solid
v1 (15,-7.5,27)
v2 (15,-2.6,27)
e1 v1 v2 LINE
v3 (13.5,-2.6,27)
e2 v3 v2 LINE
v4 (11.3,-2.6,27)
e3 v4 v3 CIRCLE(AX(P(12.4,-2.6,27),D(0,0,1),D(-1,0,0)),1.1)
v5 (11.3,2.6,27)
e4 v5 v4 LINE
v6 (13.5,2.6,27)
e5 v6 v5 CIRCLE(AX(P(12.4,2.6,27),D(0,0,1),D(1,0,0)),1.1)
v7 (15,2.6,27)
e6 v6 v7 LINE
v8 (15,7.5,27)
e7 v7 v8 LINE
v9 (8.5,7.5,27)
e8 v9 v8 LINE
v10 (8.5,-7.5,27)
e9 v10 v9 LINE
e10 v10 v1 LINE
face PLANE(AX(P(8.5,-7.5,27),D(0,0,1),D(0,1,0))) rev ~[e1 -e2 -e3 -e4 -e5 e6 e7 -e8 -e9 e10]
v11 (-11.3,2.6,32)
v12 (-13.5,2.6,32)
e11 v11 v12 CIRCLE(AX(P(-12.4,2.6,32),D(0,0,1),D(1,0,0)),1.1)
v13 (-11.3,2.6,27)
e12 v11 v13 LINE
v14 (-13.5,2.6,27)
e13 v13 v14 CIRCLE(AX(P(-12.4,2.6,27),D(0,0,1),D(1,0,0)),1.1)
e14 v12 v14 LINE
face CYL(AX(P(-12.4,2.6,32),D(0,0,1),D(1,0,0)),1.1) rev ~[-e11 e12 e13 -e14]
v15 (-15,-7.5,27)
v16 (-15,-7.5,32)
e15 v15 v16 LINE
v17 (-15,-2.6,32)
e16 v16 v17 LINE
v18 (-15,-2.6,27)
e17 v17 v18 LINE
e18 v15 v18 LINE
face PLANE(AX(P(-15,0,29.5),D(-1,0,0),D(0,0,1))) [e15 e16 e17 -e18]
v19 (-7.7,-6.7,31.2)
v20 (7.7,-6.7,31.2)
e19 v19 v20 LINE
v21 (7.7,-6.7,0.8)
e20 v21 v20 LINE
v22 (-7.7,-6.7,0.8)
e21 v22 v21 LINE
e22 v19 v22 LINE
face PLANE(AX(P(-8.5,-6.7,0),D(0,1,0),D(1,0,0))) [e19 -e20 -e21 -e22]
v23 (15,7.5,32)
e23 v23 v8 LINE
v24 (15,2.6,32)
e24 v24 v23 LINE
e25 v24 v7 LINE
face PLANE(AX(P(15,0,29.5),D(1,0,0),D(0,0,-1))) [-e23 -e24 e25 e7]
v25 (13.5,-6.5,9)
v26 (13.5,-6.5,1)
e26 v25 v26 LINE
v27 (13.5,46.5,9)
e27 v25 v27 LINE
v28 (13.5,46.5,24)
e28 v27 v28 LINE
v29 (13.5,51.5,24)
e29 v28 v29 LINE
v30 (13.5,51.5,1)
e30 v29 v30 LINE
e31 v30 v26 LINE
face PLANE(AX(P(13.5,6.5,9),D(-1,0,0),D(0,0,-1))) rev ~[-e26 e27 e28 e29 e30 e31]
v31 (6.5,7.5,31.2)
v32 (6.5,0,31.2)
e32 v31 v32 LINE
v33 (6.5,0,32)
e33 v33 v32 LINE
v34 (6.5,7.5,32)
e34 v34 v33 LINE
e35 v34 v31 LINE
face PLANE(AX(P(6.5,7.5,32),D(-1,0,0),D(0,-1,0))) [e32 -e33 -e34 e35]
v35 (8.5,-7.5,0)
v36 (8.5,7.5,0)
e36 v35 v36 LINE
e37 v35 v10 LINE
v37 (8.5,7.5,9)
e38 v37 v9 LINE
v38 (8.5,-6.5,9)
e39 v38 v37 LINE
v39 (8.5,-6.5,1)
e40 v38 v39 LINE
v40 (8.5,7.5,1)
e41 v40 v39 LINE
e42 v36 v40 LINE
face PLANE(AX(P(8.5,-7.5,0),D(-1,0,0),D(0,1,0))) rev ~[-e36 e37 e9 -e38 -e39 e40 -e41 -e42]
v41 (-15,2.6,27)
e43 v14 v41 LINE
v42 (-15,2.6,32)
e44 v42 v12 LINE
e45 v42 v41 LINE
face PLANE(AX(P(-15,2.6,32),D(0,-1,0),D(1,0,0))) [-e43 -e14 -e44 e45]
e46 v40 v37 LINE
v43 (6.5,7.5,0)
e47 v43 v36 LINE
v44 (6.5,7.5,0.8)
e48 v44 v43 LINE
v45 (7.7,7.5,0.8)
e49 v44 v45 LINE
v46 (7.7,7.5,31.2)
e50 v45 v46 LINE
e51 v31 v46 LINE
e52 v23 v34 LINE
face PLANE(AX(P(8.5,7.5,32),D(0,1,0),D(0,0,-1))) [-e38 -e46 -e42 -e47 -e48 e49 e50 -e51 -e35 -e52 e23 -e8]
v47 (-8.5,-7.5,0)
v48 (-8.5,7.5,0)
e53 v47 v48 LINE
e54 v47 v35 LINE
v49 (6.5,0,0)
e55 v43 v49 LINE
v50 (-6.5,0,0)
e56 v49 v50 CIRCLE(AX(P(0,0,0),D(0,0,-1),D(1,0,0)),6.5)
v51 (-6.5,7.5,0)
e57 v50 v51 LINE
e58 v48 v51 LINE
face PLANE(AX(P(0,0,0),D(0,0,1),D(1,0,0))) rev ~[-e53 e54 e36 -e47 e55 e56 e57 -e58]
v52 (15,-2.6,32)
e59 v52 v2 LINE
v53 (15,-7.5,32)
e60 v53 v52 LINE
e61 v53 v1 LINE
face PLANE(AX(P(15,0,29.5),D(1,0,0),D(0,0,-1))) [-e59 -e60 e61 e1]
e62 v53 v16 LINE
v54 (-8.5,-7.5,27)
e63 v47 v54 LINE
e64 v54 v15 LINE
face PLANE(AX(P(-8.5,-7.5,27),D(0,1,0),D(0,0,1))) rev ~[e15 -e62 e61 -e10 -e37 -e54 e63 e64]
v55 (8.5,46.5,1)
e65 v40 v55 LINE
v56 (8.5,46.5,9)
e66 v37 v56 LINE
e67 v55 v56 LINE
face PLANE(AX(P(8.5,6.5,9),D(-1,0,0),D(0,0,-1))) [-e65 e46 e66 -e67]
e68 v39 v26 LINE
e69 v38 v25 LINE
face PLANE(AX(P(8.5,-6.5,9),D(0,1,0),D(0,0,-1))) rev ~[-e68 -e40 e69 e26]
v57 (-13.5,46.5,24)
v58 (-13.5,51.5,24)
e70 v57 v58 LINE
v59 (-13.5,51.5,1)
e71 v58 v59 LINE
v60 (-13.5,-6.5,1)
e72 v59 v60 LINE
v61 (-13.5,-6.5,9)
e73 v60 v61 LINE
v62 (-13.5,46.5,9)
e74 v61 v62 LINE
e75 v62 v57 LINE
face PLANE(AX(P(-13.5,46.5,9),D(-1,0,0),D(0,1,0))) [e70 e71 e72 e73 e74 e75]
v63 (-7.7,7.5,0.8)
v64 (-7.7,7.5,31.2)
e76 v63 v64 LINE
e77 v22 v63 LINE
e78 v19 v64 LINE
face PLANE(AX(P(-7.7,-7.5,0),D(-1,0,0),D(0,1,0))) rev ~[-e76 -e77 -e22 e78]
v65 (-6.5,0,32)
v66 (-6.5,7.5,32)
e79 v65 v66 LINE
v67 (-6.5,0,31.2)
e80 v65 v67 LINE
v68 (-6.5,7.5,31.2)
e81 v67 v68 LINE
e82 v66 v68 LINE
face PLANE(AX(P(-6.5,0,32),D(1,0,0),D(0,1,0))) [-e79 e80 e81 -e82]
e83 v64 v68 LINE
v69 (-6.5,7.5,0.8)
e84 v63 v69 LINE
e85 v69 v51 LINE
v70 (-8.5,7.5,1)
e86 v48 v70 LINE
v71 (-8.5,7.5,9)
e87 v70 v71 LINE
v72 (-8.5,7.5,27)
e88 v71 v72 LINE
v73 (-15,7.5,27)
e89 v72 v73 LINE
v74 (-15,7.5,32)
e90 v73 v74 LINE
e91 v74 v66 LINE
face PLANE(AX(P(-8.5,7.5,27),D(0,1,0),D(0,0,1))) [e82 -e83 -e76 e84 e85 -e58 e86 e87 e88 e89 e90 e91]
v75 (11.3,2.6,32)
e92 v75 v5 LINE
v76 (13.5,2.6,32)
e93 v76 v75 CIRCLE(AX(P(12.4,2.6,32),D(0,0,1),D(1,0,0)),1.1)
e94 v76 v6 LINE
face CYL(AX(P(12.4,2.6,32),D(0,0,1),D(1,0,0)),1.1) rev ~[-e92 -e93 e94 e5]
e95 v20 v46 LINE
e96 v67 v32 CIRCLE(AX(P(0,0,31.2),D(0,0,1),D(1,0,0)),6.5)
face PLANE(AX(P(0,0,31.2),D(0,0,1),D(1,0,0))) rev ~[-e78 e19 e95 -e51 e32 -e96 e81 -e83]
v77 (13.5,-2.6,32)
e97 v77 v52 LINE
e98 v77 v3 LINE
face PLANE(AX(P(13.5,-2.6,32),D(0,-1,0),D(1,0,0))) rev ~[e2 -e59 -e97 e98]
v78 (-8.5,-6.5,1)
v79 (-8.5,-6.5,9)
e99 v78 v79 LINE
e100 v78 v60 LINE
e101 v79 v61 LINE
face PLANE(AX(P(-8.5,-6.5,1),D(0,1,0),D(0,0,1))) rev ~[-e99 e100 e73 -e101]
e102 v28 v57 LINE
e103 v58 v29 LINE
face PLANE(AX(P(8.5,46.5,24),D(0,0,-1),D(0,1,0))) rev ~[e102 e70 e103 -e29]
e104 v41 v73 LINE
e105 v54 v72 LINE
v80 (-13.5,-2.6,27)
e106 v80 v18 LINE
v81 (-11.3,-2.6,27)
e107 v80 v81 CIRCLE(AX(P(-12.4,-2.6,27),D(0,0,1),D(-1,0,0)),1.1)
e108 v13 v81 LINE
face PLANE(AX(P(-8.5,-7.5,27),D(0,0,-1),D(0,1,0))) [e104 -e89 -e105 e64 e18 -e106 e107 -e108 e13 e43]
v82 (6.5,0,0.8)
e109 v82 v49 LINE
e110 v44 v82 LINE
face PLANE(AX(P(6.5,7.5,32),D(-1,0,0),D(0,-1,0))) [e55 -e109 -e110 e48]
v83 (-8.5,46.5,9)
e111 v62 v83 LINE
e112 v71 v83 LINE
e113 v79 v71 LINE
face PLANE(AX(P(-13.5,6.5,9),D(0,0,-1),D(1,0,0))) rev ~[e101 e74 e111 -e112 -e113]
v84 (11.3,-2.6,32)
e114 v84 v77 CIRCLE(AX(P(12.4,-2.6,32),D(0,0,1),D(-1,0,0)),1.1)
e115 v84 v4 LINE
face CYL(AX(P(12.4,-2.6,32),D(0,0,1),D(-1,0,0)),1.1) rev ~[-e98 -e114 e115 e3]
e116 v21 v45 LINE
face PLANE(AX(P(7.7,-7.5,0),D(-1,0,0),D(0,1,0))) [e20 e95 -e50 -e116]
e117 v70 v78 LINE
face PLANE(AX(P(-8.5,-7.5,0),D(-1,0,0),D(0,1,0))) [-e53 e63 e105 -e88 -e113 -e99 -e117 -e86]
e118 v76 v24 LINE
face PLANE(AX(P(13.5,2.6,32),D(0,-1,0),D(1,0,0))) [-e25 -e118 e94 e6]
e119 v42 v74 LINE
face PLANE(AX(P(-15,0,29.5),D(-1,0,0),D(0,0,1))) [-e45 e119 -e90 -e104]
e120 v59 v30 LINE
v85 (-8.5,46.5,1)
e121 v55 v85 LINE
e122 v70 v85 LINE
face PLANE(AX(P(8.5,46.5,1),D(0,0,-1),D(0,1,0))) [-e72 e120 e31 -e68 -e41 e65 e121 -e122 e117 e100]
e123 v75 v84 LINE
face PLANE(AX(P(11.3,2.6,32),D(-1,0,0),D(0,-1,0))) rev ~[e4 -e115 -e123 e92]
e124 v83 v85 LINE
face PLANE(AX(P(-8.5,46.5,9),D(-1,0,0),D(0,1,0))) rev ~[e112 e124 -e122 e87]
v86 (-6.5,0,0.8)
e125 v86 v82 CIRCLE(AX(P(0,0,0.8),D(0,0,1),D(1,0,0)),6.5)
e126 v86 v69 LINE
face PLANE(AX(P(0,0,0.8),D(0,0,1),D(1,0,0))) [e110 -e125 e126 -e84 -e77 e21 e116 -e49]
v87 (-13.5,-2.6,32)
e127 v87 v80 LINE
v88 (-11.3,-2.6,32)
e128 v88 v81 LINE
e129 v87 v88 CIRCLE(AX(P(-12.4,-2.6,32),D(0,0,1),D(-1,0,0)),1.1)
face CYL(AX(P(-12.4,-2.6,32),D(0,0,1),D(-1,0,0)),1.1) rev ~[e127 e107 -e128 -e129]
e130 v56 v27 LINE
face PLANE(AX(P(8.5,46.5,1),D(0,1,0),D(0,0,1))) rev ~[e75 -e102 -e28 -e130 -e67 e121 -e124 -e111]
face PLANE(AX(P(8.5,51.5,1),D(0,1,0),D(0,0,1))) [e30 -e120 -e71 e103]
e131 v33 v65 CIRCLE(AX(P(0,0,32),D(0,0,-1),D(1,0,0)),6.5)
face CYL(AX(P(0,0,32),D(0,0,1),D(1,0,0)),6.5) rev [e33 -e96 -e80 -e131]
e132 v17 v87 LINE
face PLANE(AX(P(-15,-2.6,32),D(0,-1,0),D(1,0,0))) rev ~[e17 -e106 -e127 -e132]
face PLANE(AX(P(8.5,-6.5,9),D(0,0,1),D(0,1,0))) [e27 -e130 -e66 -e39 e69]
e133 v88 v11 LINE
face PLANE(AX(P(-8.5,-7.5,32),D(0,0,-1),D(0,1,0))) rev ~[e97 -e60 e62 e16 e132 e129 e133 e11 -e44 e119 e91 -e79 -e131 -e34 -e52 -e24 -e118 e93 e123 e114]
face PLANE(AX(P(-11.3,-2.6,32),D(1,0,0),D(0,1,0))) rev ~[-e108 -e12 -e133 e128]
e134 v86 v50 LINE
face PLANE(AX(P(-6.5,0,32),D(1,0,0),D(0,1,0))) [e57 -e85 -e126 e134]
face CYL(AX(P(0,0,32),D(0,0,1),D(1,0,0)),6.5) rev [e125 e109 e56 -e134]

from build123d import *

# Parameters (mm, degrees)
CROQUIS1_W              = 17
CROQUIS1_H              = 15
SALIENTE_EXTRUIR1_DEPTH = 32
VACIADO1_T              = -0.8
CORTAR_EXTRUIR1_DEPTH   = 32
CROQUIS3_W              = 5
CROQUIS3_H              = 15
SALIENTE_EXTRUIR2_DEPTH = 6.5
CROQUIS4_W              = 5
CROQUIS4_H              = 15
SALIENTE_EXTRUIR3_DEPTH = 6.5
CORTAR_EXTRUIR2_DEPTH   = 6.5
CROQUIS6_W              = 1.5
CROQUIS6_H              = 5.2
CORTAR_EXTRUIR3_DEPTH   = 10
CROQUIS7_W              = 8
CROQUIS7_H              = 13
SALIENTE_EXTRUIR4_DEPTH = 5
CROQUIS8_W              = 8
CROQUIS8_H              = 13
SALIENTE_EXTRUIR5_DEPTH = 5
CROQUIS9_W              = 5
CROQUIS9_H              = 8
SALIENTE_EXTRUIR6_DEPTH = 45
CROQUIS10_W             = 5
CROQUIS10_H             = 5
SALIENTE_EXTRUIR7_DEPTH = 15
CROQUIS11_W             = 23
CROQUIS11_H             = 5
SALIENTE_EXTRUIR8_DEPTH = 11.5
CROQUIS12_W             = 23
CROQUIS12_H             = 5
SALIENTE_EXTRUIR9_DEPTH = 11.5


with BuildPart() as part:
    # Croquis1 → Saliente-Extruir1 (new body)
    with BuildSketch(Plane.XY):
        Rectangle(CROQUIS1_W, CROQUIS1_H)
    extrude(amount=SALIENTE_EXTRUIR1_DEPTH)

    # Vaciado1
    vaciado1_openings = [part.faces().sort_by_distance(p)[0] for p in [
        (0, 7.5, 16),
    ]]
    offset(amount=VACIADO1_T, openings=vaciado1_openings, kind=Kind.INTERSECTION)

    # Croquis2 → Cortar-Extruir1 (cut)
    with BuildSketch(Plane.XY.offset(32)):
        with BuildLine():
            Line((-6.5, 0), (-6.5, 7.5))
            Line((-6.5, 7.5), (6.5, 7.5))
            Line((6.5, 7.5), (6.5, 0))
            ThreePointArc((6.5, 0), (0, -6.5), (-6.5, 0))
        make_face()
    extrude(amount=-CORTAR_EXTRUIR1_DEPTH, mode=Mode.SUBTRACT)

    # Croquis3 → Saliente-Extruir2 (add)
    with BuildSketch(Plane(origin=(8.5, 0, 0), x_dir=(0, 0, -1), z_dir=(1, 0, 0))):
        with Locations((-29.5, 0)):
            Rectangle(CROQUIS3_W, CROQUIS3_H)
    extrude(amount=SALIENTE_EXTRUIR2_DEPTH)

    # Croquis4 → Saliente-Extruir3 (add)
    with BuildSketch(Plane.ZY.offset(8.5)):
        with Locations((29.5, 0)):
            Rectangle(CROQUIS4_W, CROQUIS4_H)
    extrude(amount=SALIENTE_EXTRUIR3_DEPTH)

    # Croquis5 → Cortar-Extruir2 (cut)
    with BuildSketch(Plane.XY.offset(32)):
        with BuildLine():
            Line((-13.5, 2.6), (-13.5, -2.6))
            ThreePointArc((-13.5, -2.6), (-12.4, -3.7), (-11.3, -2.6))
            Line((-11.3, -2.6), (-11.3, 2.6))
            ThreePointArc((-11.3, 2.6), (-12.4, 3.7), (-13.5, 2.6))
        make_face()
        with BuildLine():
            Line((11.3, 2.6), (11.3, -2.6))
            ThreePointArc((11.3, -2.6), (12.4, -3.7), (13.5, -2.6))
            Line((13.5, -2.6), (13.5, 2.6))
            ThreePointArc((13.5, 2.6), (12.4, 3.7), (11.3, 2.6))
        make_face()
    extrude(amount=-CORTAR_EXTRUIR2_DEPTH, mode=Mode.SUBTRACT)

    # Croquis6 → Cortar-Extruir3 (cut)
    with BuildSketch(Plane.XY.offset(32)):
        with Locations((-14.25, 0)):
            Rectangle(CROQUIS6_W, CROQUIS6_H)
        with Locations((14.25, 0)):
            Rectangle(CROQUIS6_W, CROQUIS6_H)
    extrude(amount=-CORTAR_EXTRUIR3_DEPTH, mode=Mode.SUBTRACT)

    # Croquis7 → Saliente-Extruir4 (add)
    with BuildSketch(Plane(origin=(8.5, 0, 0), x_dir=(0, 0, -1), z_dir=(1, 0, 0))):
        with Locations((-5, 0)):
            Rectangle(CROQUIS7_W, CROQUIS7_H)
    extrude(amount=SALIENTE_EXTRUIR4_DEPTH)

    # Croquis8 → Saliente-Extruir5 (add)
    with BuildSketch(Plane.ZY.offset(8.5)):
        with Locations((5, 0)):
            Rectangle(CROQUIS8_W, CROQUIS8_H)
    extrude(amount=SALIENTE_EXTRUIR5_DEPTH)

    # Croquis9 → Saliente-Extruir6 (add)
    with BuildSketch(Plane(origin=(0, 6.5, 0), x_dir=(1, 0, 0), z_dir=(0, 1, 0))):
        with Locations((-11, -5)):
            Rectangle(CROQUIS9_W, CROQUIS9_H)
        with Locations((11, -5)):
            Rectangle(CROQUIS9_W, CROQUIS9_H)
    extrude(amount=SALIENTE_EXTRUIR6_DEPTH)

    # Croquis10 → Saliente-Extruir7 (add)
    with BuildSketch(Plane.XY.offset(9)):
        with Locations((-11, 49)):
            Rectangle(CROQUIS10_W, CROQUIS10_H)
        with Locations((11, 49)):
            Rectangle(CROQUIS10_W, CROQUIS10_H)
    extrude(amount=SALIENTE_EXTRUIR7_DEPTH)

    # Croquis11 → Saliente-Extruir8 (add)
    with BuildSketch(Plane(origin=(-8.5, 0, 0), x_dir=(0, 0, -1), z_dir=(1, 0, 0))):
        with Locations((-12.5, 49)):
            Rectangle(CROQUIS11_W, CROQUIS11_H)
    extrude(amount=SALIENTE_EXTRUIR8_DEPTH)

    # Croquis12 → Saliente-Extruir9 (add)
    with BuildSketch(Plane.ZY.offset(-8.5)):
        with Locations((12.5, 49)):
            Rectangle(CROQUIS12_W, CROQUIS12_H)
    extrude(amount=SALIENTE_EXTRUIR9_DEPTH)


solid = part.part
